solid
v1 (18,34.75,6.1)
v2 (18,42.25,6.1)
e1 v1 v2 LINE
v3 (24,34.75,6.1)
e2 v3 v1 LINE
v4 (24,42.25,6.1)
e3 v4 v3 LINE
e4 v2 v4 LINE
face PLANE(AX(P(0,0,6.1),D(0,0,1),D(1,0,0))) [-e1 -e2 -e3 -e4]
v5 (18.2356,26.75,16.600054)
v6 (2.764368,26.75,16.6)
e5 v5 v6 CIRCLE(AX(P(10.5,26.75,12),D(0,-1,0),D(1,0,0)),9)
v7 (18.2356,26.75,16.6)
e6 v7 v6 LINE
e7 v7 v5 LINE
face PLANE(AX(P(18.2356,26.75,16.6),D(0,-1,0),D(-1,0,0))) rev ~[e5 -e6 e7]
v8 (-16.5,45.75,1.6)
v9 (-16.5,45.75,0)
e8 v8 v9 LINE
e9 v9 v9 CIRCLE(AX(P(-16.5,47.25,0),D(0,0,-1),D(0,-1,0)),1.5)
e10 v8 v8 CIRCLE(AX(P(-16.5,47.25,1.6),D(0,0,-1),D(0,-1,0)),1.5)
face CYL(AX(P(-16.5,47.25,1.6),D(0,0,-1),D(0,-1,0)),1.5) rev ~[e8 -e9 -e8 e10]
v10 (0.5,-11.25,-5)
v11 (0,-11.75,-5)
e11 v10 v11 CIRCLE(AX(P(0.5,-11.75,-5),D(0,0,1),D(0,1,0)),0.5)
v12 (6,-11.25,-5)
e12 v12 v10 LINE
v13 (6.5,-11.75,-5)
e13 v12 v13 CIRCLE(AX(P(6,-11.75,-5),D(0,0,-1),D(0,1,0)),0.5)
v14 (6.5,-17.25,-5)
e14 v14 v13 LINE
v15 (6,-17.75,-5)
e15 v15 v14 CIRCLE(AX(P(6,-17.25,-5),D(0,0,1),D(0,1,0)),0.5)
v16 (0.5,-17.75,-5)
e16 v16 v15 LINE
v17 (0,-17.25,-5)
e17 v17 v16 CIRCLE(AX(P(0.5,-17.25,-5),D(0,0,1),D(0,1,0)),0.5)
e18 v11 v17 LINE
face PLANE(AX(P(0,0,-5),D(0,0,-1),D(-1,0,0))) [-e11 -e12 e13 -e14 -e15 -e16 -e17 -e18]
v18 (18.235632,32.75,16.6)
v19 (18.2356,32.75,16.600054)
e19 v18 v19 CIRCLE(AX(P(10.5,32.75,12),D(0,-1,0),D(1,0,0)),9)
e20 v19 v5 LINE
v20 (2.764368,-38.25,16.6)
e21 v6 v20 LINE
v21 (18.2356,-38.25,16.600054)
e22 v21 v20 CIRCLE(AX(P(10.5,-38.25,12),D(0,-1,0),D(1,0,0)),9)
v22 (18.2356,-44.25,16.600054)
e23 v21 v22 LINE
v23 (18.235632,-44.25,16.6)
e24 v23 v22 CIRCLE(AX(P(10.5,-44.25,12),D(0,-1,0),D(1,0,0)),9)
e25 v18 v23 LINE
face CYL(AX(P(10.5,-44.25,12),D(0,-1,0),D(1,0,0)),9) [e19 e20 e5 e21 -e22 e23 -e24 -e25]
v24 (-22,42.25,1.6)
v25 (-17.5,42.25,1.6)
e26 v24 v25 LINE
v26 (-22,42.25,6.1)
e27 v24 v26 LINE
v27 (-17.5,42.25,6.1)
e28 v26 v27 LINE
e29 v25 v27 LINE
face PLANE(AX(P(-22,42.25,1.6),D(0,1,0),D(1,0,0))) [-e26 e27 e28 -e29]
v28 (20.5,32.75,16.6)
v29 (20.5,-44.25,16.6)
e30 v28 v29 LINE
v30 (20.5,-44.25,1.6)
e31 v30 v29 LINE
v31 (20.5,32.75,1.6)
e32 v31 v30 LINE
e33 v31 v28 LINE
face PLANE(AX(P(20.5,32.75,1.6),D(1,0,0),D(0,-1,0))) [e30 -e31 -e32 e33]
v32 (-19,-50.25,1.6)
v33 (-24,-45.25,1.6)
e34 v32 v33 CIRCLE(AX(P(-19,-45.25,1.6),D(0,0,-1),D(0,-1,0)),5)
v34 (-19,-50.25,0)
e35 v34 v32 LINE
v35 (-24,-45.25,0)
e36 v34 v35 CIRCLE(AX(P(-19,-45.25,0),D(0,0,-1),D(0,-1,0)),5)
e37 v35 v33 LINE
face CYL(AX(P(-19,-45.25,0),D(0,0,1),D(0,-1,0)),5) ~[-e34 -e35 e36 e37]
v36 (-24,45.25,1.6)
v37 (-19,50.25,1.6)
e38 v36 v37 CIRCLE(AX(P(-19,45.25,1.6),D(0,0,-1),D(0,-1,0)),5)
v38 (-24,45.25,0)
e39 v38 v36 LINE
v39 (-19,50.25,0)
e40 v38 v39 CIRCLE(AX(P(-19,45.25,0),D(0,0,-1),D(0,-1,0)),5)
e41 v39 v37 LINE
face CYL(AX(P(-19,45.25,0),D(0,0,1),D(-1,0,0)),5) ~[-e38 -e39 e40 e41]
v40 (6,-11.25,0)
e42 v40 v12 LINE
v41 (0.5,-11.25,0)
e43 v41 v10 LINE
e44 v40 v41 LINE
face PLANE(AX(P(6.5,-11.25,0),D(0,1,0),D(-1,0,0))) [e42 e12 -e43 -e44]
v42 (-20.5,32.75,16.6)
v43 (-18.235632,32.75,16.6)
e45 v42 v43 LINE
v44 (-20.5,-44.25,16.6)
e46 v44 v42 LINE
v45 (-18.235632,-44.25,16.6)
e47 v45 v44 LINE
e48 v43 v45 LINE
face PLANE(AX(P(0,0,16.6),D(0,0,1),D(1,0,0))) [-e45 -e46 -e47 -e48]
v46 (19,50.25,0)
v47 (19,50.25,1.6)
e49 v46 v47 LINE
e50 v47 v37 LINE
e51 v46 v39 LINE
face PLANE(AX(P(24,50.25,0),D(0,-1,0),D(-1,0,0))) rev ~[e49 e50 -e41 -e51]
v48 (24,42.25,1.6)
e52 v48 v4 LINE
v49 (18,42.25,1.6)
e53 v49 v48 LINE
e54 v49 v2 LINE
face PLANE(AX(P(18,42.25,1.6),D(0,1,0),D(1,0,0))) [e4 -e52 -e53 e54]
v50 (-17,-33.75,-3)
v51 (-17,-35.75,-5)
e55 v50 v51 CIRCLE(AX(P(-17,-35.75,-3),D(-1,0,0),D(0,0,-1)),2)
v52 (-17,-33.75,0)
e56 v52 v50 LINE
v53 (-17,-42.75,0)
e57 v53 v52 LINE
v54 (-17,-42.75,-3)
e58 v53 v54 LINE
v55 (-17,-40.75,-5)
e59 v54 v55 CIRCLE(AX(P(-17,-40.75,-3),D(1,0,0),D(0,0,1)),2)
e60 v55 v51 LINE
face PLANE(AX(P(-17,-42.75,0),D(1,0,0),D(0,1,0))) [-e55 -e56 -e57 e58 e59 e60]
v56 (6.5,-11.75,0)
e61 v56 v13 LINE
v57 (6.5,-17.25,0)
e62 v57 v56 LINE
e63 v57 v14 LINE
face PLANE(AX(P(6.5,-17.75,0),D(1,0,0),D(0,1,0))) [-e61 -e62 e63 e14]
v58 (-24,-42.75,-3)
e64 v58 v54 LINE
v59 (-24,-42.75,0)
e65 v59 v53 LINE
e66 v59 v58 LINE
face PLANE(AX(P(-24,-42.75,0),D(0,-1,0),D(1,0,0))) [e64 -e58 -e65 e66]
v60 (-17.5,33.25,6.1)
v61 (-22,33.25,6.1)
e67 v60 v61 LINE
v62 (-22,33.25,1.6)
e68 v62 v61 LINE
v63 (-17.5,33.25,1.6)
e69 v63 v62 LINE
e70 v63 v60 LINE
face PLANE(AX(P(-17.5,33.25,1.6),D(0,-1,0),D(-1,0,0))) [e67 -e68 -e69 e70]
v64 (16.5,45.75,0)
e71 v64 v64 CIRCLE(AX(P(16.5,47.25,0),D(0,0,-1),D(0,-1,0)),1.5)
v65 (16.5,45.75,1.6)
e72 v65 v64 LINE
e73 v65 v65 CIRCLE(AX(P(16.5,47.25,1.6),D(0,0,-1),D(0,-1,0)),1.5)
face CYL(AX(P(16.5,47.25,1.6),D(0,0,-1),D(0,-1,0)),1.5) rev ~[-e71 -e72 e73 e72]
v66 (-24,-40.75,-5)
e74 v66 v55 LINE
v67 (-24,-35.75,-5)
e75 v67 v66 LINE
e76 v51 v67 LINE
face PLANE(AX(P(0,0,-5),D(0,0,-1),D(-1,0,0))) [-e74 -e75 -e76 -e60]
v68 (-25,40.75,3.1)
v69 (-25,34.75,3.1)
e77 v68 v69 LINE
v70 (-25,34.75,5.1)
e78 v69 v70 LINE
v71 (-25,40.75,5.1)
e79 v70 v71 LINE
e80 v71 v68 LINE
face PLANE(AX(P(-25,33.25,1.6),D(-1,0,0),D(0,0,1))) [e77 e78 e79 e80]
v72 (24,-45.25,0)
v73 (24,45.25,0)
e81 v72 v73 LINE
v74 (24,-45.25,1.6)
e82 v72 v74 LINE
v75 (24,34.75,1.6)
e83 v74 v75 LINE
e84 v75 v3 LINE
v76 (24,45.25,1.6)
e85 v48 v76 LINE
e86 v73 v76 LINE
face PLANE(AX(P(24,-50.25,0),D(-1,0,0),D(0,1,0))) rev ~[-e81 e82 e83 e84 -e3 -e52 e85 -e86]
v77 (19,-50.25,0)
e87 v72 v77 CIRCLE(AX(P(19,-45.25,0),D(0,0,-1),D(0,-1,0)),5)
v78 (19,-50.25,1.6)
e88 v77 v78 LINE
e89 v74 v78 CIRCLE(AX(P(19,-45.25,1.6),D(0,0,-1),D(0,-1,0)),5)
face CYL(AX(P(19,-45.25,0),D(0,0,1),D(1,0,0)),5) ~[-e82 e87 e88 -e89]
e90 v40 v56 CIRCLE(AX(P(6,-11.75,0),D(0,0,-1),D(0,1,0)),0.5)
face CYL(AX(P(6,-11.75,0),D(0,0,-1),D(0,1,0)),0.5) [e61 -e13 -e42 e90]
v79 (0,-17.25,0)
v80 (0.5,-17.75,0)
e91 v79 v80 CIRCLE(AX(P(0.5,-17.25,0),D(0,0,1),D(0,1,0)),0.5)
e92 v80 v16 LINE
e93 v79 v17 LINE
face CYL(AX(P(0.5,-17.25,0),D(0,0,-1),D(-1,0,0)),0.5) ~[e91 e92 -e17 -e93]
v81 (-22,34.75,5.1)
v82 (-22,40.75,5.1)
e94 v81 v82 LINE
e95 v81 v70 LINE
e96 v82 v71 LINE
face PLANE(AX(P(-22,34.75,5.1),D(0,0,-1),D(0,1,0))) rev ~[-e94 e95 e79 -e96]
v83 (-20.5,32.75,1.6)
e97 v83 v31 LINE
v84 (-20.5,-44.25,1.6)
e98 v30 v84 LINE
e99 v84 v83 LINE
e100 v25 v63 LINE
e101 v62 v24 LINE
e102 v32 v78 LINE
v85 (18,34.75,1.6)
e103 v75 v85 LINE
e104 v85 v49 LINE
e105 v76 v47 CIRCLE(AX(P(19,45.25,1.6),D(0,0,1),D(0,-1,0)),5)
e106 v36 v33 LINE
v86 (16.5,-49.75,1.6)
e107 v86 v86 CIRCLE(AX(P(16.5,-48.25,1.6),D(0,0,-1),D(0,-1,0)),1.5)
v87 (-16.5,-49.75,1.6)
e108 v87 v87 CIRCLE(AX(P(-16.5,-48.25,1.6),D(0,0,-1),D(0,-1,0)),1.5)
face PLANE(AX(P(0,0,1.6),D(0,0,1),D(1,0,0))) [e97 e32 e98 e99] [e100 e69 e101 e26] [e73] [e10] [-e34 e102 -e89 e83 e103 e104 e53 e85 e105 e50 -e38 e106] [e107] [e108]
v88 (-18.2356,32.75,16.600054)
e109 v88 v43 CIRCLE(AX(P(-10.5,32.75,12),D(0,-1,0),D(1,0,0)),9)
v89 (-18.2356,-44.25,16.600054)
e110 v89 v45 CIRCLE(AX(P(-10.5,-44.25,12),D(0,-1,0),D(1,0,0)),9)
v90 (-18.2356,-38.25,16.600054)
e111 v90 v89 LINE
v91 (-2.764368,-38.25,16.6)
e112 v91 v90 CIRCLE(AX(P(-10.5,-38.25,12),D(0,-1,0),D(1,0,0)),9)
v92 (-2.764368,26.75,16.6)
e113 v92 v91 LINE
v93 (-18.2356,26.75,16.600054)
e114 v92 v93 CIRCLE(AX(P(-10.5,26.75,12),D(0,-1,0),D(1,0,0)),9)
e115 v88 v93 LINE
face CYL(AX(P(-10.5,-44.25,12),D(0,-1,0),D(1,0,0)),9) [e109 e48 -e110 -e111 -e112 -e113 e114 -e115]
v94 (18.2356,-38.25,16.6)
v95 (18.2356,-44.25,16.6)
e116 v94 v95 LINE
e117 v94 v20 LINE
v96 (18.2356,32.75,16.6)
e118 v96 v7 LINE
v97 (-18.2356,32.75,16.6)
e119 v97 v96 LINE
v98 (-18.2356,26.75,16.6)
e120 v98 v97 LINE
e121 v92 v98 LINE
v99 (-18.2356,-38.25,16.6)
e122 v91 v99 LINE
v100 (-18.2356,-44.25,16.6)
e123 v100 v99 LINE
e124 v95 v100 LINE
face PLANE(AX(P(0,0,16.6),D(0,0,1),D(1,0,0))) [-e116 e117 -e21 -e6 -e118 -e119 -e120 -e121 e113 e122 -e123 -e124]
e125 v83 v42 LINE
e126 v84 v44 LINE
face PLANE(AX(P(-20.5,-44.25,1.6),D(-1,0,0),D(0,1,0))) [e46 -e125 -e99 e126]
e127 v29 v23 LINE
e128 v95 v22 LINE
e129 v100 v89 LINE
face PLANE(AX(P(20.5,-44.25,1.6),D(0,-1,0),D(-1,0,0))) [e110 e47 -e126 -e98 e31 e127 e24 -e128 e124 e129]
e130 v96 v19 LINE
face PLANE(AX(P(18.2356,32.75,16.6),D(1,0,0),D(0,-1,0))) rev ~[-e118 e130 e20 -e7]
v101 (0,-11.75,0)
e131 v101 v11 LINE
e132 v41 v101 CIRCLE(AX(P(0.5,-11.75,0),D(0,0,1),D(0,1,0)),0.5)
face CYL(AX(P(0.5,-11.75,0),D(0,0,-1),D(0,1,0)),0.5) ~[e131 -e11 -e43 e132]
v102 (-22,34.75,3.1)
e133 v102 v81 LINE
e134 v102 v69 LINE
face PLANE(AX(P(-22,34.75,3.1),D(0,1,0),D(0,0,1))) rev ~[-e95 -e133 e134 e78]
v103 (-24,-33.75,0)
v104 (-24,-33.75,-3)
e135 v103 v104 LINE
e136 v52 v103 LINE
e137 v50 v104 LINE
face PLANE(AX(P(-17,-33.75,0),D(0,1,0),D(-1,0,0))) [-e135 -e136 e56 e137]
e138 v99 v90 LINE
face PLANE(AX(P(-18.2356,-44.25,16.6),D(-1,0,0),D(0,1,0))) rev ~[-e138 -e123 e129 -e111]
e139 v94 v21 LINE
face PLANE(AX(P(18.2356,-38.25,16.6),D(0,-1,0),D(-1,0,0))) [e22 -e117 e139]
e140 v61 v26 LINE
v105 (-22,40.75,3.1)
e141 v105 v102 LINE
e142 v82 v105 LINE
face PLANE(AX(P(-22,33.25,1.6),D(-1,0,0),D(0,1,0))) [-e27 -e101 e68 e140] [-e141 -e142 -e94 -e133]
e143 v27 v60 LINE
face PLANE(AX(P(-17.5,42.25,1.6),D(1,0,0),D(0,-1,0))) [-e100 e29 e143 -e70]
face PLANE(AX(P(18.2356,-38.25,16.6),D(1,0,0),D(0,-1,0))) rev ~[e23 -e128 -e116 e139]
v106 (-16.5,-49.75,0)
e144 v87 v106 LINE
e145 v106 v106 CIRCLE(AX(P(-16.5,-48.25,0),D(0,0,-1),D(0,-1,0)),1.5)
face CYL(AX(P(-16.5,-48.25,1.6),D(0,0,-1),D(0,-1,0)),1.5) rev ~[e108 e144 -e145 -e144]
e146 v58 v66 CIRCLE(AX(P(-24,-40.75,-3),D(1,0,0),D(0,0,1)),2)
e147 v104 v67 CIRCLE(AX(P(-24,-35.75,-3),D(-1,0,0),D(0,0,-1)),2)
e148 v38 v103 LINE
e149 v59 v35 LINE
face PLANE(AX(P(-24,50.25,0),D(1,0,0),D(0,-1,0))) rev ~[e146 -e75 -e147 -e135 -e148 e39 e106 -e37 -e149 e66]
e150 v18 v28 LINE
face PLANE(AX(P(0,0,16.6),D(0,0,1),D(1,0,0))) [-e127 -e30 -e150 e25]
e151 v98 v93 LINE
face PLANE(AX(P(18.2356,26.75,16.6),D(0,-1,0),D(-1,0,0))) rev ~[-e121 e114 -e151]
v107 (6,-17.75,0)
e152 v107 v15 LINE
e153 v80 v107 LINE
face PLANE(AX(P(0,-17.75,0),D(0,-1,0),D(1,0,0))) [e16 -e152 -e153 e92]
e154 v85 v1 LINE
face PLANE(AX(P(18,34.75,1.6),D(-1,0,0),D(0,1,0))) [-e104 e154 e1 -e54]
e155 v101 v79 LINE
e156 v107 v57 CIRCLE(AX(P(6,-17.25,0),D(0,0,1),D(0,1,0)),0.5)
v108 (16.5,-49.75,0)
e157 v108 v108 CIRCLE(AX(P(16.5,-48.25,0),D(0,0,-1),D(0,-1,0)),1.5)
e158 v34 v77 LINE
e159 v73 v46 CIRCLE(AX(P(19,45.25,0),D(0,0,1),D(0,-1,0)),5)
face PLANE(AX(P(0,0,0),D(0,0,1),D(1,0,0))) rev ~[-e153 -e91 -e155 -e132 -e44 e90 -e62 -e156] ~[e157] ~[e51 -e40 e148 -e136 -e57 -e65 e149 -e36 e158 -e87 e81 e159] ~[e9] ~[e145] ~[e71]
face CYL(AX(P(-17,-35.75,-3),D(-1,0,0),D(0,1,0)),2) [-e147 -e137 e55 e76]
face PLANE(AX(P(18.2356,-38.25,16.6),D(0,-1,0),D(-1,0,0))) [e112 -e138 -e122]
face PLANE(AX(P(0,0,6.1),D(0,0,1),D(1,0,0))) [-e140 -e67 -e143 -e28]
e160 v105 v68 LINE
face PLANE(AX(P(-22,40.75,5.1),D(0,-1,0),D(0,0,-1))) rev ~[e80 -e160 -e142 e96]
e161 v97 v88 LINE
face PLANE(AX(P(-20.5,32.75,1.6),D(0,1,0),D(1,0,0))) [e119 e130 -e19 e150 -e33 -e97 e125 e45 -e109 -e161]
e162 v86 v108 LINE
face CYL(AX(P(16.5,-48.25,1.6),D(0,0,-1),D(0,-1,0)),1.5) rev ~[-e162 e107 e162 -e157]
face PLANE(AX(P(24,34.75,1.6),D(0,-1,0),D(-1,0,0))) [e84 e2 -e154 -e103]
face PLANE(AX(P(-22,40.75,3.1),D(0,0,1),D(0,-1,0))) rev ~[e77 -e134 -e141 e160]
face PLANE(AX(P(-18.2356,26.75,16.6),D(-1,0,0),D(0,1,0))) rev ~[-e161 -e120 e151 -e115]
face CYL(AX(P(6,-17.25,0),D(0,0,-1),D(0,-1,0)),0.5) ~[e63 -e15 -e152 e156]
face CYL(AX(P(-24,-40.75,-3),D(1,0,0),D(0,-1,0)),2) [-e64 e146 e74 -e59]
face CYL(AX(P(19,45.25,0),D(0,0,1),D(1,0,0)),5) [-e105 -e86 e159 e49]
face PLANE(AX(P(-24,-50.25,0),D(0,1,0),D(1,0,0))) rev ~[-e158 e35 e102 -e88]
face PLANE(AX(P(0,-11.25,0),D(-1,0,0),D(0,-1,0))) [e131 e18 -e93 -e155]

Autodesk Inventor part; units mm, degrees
ref_plane "YZ Plane" through (0, 0, 0) normal (1, 0, 0) x (0, 1, 0)
ref_plane "XZ Plane" through (0, 0, 0) normal (0, 1, 0) x (-1, 0, 0)
ref_plane "XY Plane" through (0, 0, 0) normal (0, 0, 1) x (1, 0, 0)
sketch "Skizze1" plane through (0, 0, 0) normal (0, 0, 1) x (1, 0, 0)
  line L0 (24, 50.25) -> (-24, 50.25)
  line L1 (-24, 50.25) -> (-24, -50.25)
  line L2 (-24, -50.25) -> (24, -50.25)
  line L3 (24, -50.25) -> (24, 50.25)
  line L4 (24, 50.25) -> (-24, -50.25) construction
  line L5 (-24, 50.25) -> (24, -50.25) construction
  point P0 (0, 0)
  dimension "d0" = 48
  dimension "d1" = 100.5
extrude "Extrusion1" add sketch "Skizze1" along normal blind 1.6
fillet "Rundung1" radius 5 4 edges at (24, 50.25, 0.8) (-24, 50.25, 0.8) (24, -50.25, 0.8) (-24, -50.25, 0.8)
sketch "Skizze2" plane through (0, 0, 0) normal (0, 0, -1) x (-1, 0, 0)
  line L0 (-6.5, -11.25) -> (0, -11.25)
  line L1 (0, -11.25) -> (0, -17.75)
  line L2 (0, -17.75) -> (-6.5, -17.75)
  line L3 (-6.5, -17.75) -> (-6.5, -11.25)
  line L4 (-6.5, -11.25) -> (0, -17.75) construction
  line L5 (0, -11.25) -> (-6.5, -17.75) construction
  line L6 (19, -50.25) -> (-19, -50.25) projected
  line L7 (-24, -45.25) -> (-24, 45.25) projected
  point P0 (0, 0)
  point P1 (-3.25, -14.5)
  point P2 (-3.25, -17.75)
  dimension "d5" = 32.5
  dimension "d6" = 17.5
  dimension "d7" = 6.5
  dimension "d8" = 6.5
extrude "Extrusion2" add sketch "Skizze2" along normal blind 5
fillet "Rundung2" radius 0.5 4 edges at (0, -11.25, -2.5) (0, -17.75, -2.5) (6.5, -17.75, -2.5) (6.5, -11.25, -2.5)
sketch "Skizze3" plane through (0, 0, 0) normal (0, 0, -1) x (-1, 0, 0)
  line L0 (17, -33.75) -> (24, -33.75)
  line L1 (24, -33.75) -> (24, -42.75)
  line L2 (24, -42.75) -> (17, -42.75)
  line L3 (17, -42.75) -> (17, -33.75)
  line L4 (17, -33.75) -> (24, -42.75) construction
  line L5 (24, -33.75) -> (17, -42.75) construction
  line L6 (19, -50.25) -> (-19, -50.25) projected
  line L7 (24, 45.25) -> (24, -45.25) projected
  point P0 (0, 0)
  point P1 (20.5, -38.25)
  dimension "d12" = 7.5
  dimension "d13" = 7
  dimension "d14" = 9
extrude "Extrusion3" add sketch "Skizze3" along normal blind 5
fillet "Rundung3" radius 2 2 edges at (-20.5, -33.75, -5) (-20.5, -42.75, -5)
sketch "Skizze4" plane through (0, 0, 1.6) normal (0, 0, 1) x (1, 0, 0)
  line L0 (18, 42.25) -> (24, 42.25)
  line L1 (24, 42.25) -> (24, 34.75)
  line L2 (24, 34.75) -> (18, 34.75)
  line L3 (18, 34.75) -> (18, 42.25)
  line L4 (18, 42.25) -> (24, 34.75) construction
  line L5 (24, 42.25) -> (18, 34.75) construction
  line L6 (24, -45.25) -> (24, 45.25) projected
  line L7 (-24, 45.25) -> (-24, -45.25) projected
  line L8 (19, 50.25) -> (-19, 50.25) projected
  line L9 (-22, 42.25) -> (-17.5, 42.25)
  line L10 (-17.5, 42.25) -> (-17.5, 33.25)
  line L11 (-17.5, 33.25) -> (-22, 33.25)
  line L12 (-22, 33.25) -> (-22, 42.25)
  line L13 (-22, 42.25) -> (-17.5, 33.25) construction
  line L14 (-17.5, 42.25) -> (-22, 33.25) construction
  point P0 (0, 0)
  point P1 (21, 38.5)
  point P2 (21, 42.25)
  point P3 (-19.75, 37.75)
  dimension "d19" = 8
  dimension "d20" = 7.5
  dimension "d21" = 6
  dimension "d22" = 8
  dimension "d23" = 9
  dimension "d24" = 4.5
  dimension "d25" = 2
extrude "Extrusion4" add sketch "Skizze4" along normal blind 4.5
sketch "Skizze5" plane through (-22, 33.25, 1.6) normal (-1, 0, 0) x (0, 0, 1)
  line L0 (1.5, 1.5) -> (3.5, 1.5)
  line L1 (3.5, 1.5) -> (3.5, 7.5)
  line L2 (3.5, 7.5) -> (1.5, 7.5)
  line L3 (1.5, 7.5) -> (1.5, 1.5)
  line L4 (1.5, 1.5) -> (3.5, 7.5) construction
  line L5 (3.5, 1.5) -> (1.5, 7.5) construction
  line L6 (0, 9) -> (4.5, 9) projected
  line L7 (4.5, 9) -> (4.5, 0) projected
  point P0 (-1.6, -33.25)
  point P1 (2.5, 4.5)
  dimension "d28" = 1.5
  dimension "d29" = 6
  dimension "d30" = 1
  dimension "d31" = 2
extrude "Extrusion5" add sketch "Skizze5" along normal blind 3
sketch "Skizze6" plane through (0, 0, 1.6) normal (0, 0, 1) x (1, 0, 0)
  line L0 (-20.5, 32.75) -> (20.5, 32.75)
  line L1 (20.5, 32.75) -> (20.5, -44.25)
  line L2 (20.5, -44.25) -> (-20.5, -44.25)
  line L3 (-20.5, -44.25) -> (-20.5, 32.75)
  line L4 (-20.5, 32.75) -> (20.5, -44.25) construction
  line L5 (20.5, 32.75) -> (-20.5, -44.25) construction
  line L6 (-19, -50.25) -> (19, -50.25) projected
  line L7 (24, -45.25) -> (24, 34.75) projected
  line L8 (-24, 45.25) -> (-24, -45.25) projected
  point P0 (0, 0)
  point P1 (0, -5.75)
  dimension "d34" = 6
  dimension "d35" = 3.5
  dimension "d36" = 3.5
  dimension "d37" = 77
extrude "Extrusion6" add sketch "Skizze6" along normal blind 15
sketch "Skizze7" plane through (-20.5, -44.25, 1.6) normal (0, -1, 0) x (1, 0, 0)
  circle A0 centre (10, 10.4) radius 9
  circle A1 centre (31, 10.4) radius 9
  line L0 (1.5, -1.6) -> (39.5, -1.6) projected
  line L1 (1.5, 0) -> (39.5, 0) projected
  point P0 (20.5, -1.6)
  point P1 (20.5, 0)
  dimension "d40" = 18
  dimension "d41" = 18
  dimension "d42" = 21
  dimension "d43" = 21
  dimension "d44" = 21
  dimension "d45" = 10.5
extrude "Extrusion7" add sketch "Skizze7" against normal blind 77
sketch "Skizze8" plane through (0, 0, 16.6) normal (0, 0, 1) x (1, 0, 0)
  line L0 (-18.2356, -44.25) -> (-18.2356, 32.75) projected
  line L1 (-18.2356, 32.75) -> (-20.5, 32.75) projected
  line L2 (-20.5, 32.75) -> (-20.5, -44.25) projected
  line L3 (-20.5, -44.25) -> (-18.2356, -44.25) projected
  line L4 (18.2356, 32.75) -> (18.2356, -44.25) projected
  line L5 (18.2356, -44.25) -> (20.5, -44.25) projected
  line L6 (20.5, -44.25) -> (20.5, 32.75) projected
  line L7 (20.5, 32.75) -> (18.2356, 32.75) projected
  line L8 (20.5, -44.25) -> (20.5, 32.75) projected
  line L9 (-20.5, 32.75) -> (20.5, 32.75)
  line L10 (20.5, 32.75) -> (20.5, 26.75)
  line L11 (20.5, 26.75) -> (-20.5, 26.75)
  line L12 (-20.5, 26.75) -> (-20.5, 32.75)
  line L13 (-20.5, -44.25) -> (20.5, -44.25)
  line L14 (20.5, -44.25) -> (20.5, -38.25)
  line L15 (20.5, -38.25) -> (-20.5, -38.25)
  line L16 (-20.5, -38.25) -> (-20.5, -44.25)
  point P0 (0, 0)
  point P1 (18.2356, -38.25)
  point P2 (-18.2356, -38.25)
  point P3 (-18.2356, 26.75)
  point P4 (18.2356, 26.75)
  dimension "d48" = 6
  dimension "d49" = 6
extrude "Extrusion8" cut sketch "Skizze8" along normal blind 10 contours L0 L15 L4 L13 | L0 L9 L4 L11
sketch "Skizze9" plane through (0, 0, 1.6) normal (0, 0, 1) x (1, 0, 0)
  line L0 (-16.5, 47.25) -> (16.5, 47.25)
  line L1 (16.5, 47.25) -> (16.5, -48.25)
  line L2 (16.5, -48.25) -> (-16.5, -48.25)
  line L3 (-16.5, -48.25) -> (-16.5, 47.25)
  line L4 (19, 50.25) -> (-19, 50.25) projected
  line L5 (20.5, 32.75) -> (-20.5, 32.75) projected
  point P0 (0, 0)
  point P1 (0, 32.75)
  point P2 (0, 47.25)
  dimension "d52" = 33
  dimension "d53" = 95.5
  dimension "d54" = 3
  dimension "d55" = 0
hole "Bohrung1" at (-16.5, 47.25, 1.6) at (16.5, 47.25, 1.6) at (-16.5, -48.25, 1.6) at (16.5, -48.25, 1.6) direction (0, 0, -1) diameter 3 depth 1.6
equation "\"d45\" = 0.5 * d44"
properties part number "010_Battery_2Cell"
